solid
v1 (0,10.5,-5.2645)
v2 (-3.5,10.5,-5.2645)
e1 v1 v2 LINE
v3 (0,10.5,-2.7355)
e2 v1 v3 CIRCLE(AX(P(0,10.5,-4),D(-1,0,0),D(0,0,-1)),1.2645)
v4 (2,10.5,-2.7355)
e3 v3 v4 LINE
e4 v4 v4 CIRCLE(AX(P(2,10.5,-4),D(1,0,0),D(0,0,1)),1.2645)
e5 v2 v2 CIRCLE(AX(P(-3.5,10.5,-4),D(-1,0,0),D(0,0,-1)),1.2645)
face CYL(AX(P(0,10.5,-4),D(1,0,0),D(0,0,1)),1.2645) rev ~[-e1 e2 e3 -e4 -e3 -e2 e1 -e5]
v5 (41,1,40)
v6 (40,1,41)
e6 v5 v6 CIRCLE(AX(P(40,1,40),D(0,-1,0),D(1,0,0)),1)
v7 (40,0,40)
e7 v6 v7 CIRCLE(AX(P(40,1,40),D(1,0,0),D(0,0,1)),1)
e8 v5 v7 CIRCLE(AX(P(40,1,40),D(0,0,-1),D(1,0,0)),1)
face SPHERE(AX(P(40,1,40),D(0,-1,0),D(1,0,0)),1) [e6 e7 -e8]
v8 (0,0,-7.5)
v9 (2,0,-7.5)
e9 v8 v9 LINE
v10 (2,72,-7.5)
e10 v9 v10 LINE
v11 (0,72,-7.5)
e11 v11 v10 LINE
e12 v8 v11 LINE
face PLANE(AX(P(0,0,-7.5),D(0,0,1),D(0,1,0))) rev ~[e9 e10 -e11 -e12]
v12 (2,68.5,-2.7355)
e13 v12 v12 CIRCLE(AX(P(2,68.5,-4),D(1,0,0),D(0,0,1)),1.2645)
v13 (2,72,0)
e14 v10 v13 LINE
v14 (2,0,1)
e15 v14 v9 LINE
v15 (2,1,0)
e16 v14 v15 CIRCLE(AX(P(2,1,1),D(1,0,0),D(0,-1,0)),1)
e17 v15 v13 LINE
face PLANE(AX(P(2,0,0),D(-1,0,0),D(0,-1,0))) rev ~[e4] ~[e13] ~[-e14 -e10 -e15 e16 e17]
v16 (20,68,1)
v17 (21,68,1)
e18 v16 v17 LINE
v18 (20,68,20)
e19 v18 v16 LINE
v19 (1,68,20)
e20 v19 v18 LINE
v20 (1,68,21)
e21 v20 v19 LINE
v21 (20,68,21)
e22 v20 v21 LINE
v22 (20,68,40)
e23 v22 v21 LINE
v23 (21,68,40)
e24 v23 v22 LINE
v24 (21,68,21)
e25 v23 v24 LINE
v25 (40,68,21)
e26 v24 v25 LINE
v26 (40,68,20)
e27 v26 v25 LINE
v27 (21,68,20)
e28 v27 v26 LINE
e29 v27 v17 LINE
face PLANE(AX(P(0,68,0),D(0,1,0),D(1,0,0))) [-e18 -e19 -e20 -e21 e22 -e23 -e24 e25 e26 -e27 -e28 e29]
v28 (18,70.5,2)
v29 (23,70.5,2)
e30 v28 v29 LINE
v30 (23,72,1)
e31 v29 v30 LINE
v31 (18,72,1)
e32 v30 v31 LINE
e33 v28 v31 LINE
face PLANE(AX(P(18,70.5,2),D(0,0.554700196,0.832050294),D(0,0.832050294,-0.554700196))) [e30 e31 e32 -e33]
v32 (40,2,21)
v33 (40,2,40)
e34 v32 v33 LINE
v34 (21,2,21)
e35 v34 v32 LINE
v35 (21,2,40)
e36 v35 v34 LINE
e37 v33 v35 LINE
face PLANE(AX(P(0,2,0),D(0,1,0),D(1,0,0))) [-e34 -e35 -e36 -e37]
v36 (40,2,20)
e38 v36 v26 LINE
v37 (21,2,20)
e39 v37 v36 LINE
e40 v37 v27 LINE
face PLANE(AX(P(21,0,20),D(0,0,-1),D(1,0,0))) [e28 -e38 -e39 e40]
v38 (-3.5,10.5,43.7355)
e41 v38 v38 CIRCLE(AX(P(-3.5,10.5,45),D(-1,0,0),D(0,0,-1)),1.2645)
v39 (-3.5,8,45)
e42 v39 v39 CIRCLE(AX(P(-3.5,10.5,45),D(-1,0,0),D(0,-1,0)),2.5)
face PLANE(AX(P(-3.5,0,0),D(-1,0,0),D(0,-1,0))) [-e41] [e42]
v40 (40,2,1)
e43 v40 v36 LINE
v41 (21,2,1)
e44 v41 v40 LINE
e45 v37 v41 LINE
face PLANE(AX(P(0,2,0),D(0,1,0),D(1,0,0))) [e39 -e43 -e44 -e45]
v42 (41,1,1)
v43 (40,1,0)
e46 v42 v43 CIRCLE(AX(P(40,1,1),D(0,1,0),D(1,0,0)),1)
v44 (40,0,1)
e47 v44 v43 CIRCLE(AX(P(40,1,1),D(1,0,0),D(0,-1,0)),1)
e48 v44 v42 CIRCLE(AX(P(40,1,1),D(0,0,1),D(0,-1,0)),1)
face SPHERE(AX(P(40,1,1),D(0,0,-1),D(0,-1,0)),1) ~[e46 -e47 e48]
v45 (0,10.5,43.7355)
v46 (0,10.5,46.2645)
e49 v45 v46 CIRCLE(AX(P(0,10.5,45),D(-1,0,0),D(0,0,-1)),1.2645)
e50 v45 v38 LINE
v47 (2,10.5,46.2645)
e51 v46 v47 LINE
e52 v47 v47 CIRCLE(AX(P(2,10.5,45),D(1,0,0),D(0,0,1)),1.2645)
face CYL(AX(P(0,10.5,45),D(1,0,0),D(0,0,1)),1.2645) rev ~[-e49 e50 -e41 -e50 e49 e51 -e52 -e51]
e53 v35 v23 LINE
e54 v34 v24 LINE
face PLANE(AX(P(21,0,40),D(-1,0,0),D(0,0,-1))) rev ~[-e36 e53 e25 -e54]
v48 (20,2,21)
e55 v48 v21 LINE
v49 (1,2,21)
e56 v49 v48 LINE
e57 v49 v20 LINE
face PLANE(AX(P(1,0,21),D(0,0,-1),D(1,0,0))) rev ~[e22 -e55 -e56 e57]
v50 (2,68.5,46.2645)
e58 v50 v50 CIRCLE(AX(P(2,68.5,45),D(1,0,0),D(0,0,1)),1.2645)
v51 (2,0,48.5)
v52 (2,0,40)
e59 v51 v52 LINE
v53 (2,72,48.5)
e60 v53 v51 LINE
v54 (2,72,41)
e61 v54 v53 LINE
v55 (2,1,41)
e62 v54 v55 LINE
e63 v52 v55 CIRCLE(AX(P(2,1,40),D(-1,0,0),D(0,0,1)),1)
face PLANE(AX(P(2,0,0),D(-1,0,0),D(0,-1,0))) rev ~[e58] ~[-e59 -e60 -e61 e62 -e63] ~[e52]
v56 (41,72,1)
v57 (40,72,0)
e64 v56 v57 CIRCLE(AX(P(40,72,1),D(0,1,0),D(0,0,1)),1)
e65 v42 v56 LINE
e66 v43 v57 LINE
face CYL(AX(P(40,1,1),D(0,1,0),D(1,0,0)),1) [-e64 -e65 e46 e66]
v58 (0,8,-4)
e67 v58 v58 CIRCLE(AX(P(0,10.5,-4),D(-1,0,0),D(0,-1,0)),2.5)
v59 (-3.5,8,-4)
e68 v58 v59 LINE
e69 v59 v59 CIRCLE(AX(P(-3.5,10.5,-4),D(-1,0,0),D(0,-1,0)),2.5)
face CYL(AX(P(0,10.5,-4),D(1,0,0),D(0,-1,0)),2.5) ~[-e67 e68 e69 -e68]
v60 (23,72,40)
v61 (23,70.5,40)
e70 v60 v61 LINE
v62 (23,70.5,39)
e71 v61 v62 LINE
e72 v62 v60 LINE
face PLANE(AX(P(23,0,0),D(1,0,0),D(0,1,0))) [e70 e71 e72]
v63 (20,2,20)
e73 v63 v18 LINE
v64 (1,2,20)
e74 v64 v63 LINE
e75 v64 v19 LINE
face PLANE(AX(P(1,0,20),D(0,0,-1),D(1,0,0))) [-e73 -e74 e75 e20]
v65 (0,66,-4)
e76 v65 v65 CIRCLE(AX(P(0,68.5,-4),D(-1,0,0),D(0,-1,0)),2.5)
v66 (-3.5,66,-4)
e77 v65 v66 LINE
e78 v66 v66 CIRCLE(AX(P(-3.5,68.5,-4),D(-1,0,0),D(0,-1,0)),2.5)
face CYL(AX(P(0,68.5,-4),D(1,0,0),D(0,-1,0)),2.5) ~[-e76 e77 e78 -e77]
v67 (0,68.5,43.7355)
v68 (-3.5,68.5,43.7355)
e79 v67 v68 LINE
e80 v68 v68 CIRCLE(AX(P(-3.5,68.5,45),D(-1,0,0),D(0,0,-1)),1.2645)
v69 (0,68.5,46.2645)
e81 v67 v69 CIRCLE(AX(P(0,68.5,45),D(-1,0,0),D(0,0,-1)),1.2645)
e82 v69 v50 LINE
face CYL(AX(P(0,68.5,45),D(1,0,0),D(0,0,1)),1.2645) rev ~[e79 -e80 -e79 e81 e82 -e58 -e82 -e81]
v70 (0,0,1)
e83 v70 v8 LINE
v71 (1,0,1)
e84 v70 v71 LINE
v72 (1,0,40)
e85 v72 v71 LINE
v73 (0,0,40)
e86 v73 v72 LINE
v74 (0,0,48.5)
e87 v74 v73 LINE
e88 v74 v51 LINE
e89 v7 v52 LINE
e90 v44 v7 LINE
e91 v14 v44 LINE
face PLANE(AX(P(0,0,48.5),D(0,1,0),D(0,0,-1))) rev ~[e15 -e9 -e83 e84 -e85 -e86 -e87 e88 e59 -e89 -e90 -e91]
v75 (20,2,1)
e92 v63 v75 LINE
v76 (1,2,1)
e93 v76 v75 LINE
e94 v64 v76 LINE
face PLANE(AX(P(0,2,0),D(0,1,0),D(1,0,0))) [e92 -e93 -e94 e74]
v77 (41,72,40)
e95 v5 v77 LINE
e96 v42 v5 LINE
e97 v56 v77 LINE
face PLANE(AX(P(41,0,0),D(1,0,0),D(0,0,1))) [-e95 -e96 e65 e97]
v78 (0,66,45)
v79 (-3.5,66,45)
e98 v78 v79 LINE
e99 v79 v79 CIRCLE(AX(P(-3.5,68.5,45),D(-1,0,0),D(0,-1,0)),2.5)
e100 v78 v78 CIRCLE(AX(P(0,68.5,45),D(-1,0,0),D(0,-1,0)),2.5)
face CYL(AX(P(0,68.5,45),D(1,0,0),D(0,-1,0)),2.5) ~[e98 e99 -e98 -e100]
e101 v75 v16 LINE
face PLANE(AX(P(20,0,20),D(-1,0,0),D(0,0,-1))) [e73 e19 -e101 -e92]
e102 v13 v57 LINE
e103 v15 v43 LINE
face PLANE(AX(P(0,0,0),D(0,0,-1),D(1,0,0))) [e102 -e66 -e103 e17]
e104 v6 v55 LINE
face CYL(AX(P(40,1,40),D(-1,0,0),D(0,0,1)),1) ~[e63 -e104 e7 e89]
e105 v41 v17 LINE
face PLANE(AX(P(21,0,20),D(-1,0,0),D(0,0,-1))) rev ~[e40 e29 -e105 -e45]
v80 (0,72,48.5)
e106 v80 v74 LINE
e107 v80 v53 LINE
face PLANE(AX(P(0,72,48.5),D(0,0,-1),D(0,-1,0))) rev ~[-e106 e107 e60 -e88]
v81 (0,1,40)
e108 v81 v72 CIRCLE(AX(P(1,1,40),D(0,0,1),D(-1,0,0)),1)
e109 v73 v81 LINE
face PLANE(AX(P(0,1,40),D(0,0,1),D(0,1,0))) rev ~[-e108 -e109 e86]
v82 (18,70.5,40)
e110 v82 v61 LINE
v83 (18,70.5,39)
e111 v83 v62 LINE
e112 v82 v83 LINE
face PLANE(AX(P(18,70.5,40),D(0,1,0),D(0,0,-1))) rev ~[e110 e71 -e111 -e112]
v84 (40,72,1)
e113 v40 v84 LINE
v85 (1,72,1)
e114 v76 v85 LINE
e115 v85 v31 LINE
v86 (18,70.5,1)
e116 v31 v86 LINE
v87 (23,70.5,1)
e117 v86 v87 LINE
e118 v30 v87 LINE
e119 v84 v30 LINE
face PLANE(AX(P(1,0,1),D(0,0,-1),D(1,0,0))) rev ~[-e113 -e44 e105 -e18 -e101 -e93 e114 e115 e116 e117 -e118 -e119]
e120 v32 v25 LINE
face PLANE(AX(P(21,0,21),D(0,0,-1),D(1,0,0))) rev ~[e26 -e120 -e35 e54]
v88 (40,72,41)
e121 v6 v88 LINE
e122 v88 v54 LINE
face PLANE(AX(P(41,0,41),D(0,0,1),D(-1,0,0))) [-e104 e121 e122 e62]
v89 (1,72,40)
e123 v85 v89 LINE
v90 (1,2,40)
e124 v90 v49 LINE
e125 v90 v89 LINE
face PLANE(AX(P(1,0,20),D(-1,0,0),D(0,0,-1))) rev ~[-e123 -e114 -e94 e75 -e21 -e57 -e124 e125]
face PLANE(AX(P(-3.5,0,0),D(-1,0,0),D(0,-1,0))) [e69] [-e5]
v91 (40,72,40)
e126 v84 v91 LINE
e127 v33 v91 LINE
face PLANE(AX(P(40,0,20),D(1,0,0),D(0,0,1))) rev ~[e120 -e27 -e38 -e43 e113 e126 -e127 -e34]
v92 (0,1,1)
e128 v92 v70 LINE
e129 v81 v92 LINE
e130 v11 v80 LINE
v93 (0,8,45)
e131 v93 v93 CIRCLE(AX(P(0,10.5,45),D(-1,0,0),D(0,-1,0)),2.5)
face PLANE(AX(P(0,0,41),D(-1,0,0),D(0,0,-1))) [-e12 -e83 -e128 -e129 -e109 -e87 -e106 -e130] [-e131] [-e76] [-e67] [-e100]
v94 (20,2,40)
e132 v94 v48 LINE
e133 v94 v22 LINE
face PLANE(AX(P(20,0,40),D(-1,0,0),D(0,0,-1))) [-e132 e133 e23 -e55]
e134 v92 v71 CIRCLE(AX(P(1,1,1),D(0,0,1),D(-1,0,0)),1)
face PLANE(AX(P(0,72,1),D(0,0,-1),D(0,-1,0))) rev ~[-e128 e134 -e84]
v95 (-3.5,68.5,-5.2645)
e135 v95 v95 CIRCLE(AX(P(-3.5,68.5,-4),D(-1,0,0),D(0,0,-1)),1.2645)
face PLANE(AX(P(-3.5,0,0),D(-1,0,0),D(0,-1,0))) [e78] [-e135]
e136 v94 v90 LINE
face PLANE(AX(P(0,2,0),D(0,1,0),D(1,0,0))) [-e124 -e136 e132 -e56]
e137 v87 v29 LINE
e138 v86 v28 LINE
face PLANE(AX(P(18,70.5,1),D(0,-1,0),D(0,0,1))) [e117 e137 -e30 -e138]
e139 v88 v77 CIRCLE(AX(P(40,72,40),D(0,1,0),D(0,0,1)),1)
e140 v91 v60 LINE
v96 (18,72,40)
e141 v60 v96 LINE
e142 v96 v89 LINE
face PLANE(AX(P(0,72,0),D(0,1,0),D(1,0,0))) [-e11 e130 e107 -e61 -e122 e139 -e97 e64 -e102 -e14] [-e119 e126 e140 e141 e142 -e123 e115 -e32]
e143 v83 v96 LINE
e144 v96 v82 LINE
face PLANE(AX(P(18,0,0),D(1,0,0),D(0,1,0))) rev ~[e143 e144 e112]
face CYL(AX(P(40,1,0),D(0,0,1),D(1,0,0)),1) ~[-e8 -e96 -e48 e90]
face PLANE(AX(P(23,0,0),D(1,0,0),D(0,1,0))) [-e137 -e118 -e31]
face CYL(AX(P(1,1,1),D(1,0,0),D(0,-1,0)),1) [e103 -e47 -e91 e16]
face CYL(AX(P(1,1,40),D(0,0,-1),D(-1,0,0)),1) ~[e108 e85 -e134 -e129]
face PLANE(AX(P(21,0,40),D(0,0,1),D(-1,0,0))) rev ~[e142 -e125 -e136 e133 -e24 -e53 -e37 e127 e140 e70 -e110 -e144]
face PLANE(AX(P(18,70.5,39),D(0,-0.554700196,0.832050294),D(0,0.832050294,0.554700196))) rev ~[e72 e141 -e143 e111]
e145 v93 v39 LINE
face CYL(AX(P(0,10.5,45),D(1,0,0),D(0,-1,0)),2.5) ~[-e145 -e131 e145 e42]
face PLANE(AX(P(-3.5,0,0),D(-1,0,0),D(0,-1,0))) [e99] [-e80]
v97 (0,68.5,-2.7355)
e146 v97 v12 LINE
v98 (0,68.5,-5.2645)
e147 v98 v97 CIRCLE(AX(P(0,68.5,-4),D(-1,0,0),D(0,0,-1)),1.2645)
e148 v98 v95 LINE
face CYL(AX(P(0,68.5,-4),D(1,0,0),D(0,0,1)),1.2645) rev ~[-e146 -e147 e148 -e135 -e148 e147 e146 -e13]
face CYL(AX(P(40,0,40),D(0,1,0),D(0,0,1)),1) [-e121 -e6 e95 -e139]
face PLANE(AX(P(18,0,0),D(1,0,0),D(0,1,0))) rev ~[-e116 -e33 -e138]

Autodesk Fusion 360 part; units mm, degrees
sketch "Sketch1" plane through (0, 0, 0) normal (0, 1, 0) x (1, 0, 0)
  line L0 (0, 0) -> (41, 0)
  line L1 (41, 0) -> (41, -41)
  line L2 (41, -41) -> (0, -41)
  line L3 (0, -41) -> (0, 0)
  line L4 (1, -1) -> (40, -1)
  line L5 (40, -1) -> (40, -40)
  line L6 (40, -40) -> (1, -40)
  line L7 (1, -40) -> (1, -1)
  line L8 (20, -40) -> (20, -1)
  line L9 (21, -40) -> (21, -1)
  line L10 (1, -21) -> (20, -21)
  line L11 (1, -20) -> (20, -20)
  line L12 (21, -21) -> (40, -21)
  line L13 (21, -20) -> (40, -20)
  dimension "d1" = 41
  dimension "d2" = 41
  dimension "d3" = 39
  dimension "d4" = 1
  dimension "d5" = 1
  dimension "d6" = 19
  dimension "d7" = 19
  dimension "d8" = 1
  dimension "d9" = 1
  dimension "d10" = 19
  dimension "d11" = 19
extrude "Extrude1" add sketch "Sketch1" along normal blind 68 contours L4 L6 L8 L9 | L7 L8 L10 L11 | L5 L9 L12 L13
extrude "Extrude2" add sketch "Sketch1" along normal blind 72
extrude "Extrude3" add sketch "Sketch1" along normal blind 2 contours L4 L7 L8 L11 | L4 L5 L9 L13 | L6 L7 L8 L10 | L5 L6 L9 L12
ref_plane "WorkPlane1" through (18, 37, 20.5) normal (1, 0, 0) x (0, 0, -1)
sketch "Sketch6" plane through (18, 0, 0) normal (1, 0, 0) x (0, 1, 0)
  line L0 (72, 40) -> (70.5, 40)
  line L1 (70.5, 40) -> (70.5, 39)
  line L2 (70.5, 39) -> (72, 40)
  line L3 (72, 1) -> (70.5, 1)
  line L4 (70.5, 1) -> (70.5, 2)
  line L5 (70.5, 2) -> (72, 1)
extrude "Extrude4" add sketch "Sketch6" along normal blind 5
fillet "Fillet1" radius 1 1 edges at (41, 36, 41)
fillet "Fillet2" radius 1 1 edges at (0, 36, 41)
fillet "Fillet3" radius 1 5 edges at (41, 0, 20) (40.7071, 0, 40.7071) (20.5, 0, 41) (0.2929, 0, 40.7071) (0, 0, 20)
fillet "Fillet4" radius 1 5 edges at (41, 36.5, 0) (40.7071, 0.2929, 0) (20.5, 0, 0) (0.2929, 0.2929, 0) (0, 36.5, 0)
sketch "Sketch8" plane through (0, 0, 0) normal (-1, 0, 0) x (0, -1, 0)
  line L0 (-72, 1) -> (-1, 1)
  line L1 (-1, 1) -> (-1, 40)
  line L2 (-1, 40) -> (-72, 40)
  line L3 (-72, 40) -> (-72, 1)
  line L4 (-72, 1) -> (0, 1)
  line L5 (0, 1) -> (0, -7.5)
  line L6 (0, -7.5) -> (-72, -7.5)
  line L7 (-72, -7.5) -> (-72, 1)
  line L8 (0, 40) -> (-72, 40)
  line L9 (-72, 40) -> (-72, 48.5)
  line L10 (-72, 48.5) -> (0, 48.5)
  line L11 (0, 48.5) -> (0, 40)
  circle A0 centre (-68.5, 45) radius 2.5
  circle A1 centre (-10.5, 45) radius 2.5
  circle A2 centre (-68.5, -4) radius 2.5
  circle A3 centre (-10.5, -4) radius 2.5
  dimension "d41" = 8.5
  dimension "d42" = 8.5
  dimension "d44" = 5
  dimension "d45" = 5
  dimension "d46" = 5
  dimension "d47" = 5
  dimension "d48" = 3.5
  dimension "d49" = 3.5
  dimension "d50" = 3.5
  dimension "d51" = 3.5
  dimension "d52" = 3.5
  dimension "d53" = 3.5
  dimension "d54" = 58
  dimension "d55" = 58
extrude "Extrude5" add sketch "Sketch8" along normal blind 0 and the other way blind 2 contours L0 L4 L5 L6 L7 | L2 L8 L9 L10 L11 | A0 | A1 | A2 | A3
extrude "Extrude6" add sketch "Sketch8" along normal blind 3.5 contours A0 | A1 | A2 | A3
hole "Hole1" at (0, 68.5, 45) direction (-1, 0, 0) diameter 2.076 depth 6 tip angle 180
thread "Thread1" "ISO Metric profile 2.5 M2.5x0.45 6H" thread offset 0 thread depth 7.4
hole "Hole2" at (0, 68.5, 45) direction (1, 0, 0) diameter 2.076 depth 2.5 tip angle 180
thread "Thread2" "ISO Metric profile 2.5 M2.5x0.45 6H" thread offset 0 thread depth 7.4
hole "Hole3" at (0, 10.5, 45) direction (1, 0, 0) diameter 2.076 depth 11 tip angle 180
thread "Thread3" "ISO Metric profile 2.5 M2.5x0.45 6H" thread offset 0 thread depth 7.4
hole "Hole4" at (0, 10.5, 45) direction (-1, 0, 0) diameter 2.076 depth 11 tip angle 180
thread "Thread4" "ISO Metric profile 2.5 M2.5x0.45 6H" thread offset 0 thread depth 7.4
hole "Hole5" at (0, 10.5, -4) direction (1, 0, 0) diameter 2.076 depth 9 tip angle 180
thread "Thread5" "ISO Metric profile 2.5 M2.5x0.45 6H" thread offset 0 thread depth 7.4
hole "Hole6" at (0, 10.5, -4) direction (-1, 0, 0) diameter 2.076 depth 9 tip angle 180
thread "Thread6" "ISO Metric profile 2.5 M2.5x0.45 6H" thread offset 0 thread depth 7.4
hole "Hole7" at (0, 68.5, -4) direction (1, 0, 0) diameter 2.076 depth 9 tip angle 180
thread "Thread7" "ISO Metric profile 2.5 M2.5x0.45 6H" thread offset 0 thread depth 7.4
hole "Hole8" at (0, 68.5, -4) direction (-1, 0, 0) diameter 2.076 depth 9 tip angle 180
thread "Thread8" "ISO Metric profile 2.5 M2.5x0.45 6H" thread offset 0 thread depth 7.4
hole "Hole9" at (0, 68.5, 45) at (0, 10.5, 45) at (0, 10.5, -4) at (0, 68.5, -4) direction (-1, 0, 0) diameter 2.529 end through all
thread "Thread9" "ISO Metric profile 3.0 M3x0.5 6H" thread offset 0 thread depth 7.4
hole "Hole10" at (0, 10.5, 45) at (0, 68.5, 45) at (0, 10.5, -4) at (0, 68.5, -4) direction (1, 0, 0) diameter 2.529 depth 6 tip angle 180
thread "Thread10" "ISO Metric profile 3.0 M3x0.5 6H" thread offset 0 thread depth 7.4
